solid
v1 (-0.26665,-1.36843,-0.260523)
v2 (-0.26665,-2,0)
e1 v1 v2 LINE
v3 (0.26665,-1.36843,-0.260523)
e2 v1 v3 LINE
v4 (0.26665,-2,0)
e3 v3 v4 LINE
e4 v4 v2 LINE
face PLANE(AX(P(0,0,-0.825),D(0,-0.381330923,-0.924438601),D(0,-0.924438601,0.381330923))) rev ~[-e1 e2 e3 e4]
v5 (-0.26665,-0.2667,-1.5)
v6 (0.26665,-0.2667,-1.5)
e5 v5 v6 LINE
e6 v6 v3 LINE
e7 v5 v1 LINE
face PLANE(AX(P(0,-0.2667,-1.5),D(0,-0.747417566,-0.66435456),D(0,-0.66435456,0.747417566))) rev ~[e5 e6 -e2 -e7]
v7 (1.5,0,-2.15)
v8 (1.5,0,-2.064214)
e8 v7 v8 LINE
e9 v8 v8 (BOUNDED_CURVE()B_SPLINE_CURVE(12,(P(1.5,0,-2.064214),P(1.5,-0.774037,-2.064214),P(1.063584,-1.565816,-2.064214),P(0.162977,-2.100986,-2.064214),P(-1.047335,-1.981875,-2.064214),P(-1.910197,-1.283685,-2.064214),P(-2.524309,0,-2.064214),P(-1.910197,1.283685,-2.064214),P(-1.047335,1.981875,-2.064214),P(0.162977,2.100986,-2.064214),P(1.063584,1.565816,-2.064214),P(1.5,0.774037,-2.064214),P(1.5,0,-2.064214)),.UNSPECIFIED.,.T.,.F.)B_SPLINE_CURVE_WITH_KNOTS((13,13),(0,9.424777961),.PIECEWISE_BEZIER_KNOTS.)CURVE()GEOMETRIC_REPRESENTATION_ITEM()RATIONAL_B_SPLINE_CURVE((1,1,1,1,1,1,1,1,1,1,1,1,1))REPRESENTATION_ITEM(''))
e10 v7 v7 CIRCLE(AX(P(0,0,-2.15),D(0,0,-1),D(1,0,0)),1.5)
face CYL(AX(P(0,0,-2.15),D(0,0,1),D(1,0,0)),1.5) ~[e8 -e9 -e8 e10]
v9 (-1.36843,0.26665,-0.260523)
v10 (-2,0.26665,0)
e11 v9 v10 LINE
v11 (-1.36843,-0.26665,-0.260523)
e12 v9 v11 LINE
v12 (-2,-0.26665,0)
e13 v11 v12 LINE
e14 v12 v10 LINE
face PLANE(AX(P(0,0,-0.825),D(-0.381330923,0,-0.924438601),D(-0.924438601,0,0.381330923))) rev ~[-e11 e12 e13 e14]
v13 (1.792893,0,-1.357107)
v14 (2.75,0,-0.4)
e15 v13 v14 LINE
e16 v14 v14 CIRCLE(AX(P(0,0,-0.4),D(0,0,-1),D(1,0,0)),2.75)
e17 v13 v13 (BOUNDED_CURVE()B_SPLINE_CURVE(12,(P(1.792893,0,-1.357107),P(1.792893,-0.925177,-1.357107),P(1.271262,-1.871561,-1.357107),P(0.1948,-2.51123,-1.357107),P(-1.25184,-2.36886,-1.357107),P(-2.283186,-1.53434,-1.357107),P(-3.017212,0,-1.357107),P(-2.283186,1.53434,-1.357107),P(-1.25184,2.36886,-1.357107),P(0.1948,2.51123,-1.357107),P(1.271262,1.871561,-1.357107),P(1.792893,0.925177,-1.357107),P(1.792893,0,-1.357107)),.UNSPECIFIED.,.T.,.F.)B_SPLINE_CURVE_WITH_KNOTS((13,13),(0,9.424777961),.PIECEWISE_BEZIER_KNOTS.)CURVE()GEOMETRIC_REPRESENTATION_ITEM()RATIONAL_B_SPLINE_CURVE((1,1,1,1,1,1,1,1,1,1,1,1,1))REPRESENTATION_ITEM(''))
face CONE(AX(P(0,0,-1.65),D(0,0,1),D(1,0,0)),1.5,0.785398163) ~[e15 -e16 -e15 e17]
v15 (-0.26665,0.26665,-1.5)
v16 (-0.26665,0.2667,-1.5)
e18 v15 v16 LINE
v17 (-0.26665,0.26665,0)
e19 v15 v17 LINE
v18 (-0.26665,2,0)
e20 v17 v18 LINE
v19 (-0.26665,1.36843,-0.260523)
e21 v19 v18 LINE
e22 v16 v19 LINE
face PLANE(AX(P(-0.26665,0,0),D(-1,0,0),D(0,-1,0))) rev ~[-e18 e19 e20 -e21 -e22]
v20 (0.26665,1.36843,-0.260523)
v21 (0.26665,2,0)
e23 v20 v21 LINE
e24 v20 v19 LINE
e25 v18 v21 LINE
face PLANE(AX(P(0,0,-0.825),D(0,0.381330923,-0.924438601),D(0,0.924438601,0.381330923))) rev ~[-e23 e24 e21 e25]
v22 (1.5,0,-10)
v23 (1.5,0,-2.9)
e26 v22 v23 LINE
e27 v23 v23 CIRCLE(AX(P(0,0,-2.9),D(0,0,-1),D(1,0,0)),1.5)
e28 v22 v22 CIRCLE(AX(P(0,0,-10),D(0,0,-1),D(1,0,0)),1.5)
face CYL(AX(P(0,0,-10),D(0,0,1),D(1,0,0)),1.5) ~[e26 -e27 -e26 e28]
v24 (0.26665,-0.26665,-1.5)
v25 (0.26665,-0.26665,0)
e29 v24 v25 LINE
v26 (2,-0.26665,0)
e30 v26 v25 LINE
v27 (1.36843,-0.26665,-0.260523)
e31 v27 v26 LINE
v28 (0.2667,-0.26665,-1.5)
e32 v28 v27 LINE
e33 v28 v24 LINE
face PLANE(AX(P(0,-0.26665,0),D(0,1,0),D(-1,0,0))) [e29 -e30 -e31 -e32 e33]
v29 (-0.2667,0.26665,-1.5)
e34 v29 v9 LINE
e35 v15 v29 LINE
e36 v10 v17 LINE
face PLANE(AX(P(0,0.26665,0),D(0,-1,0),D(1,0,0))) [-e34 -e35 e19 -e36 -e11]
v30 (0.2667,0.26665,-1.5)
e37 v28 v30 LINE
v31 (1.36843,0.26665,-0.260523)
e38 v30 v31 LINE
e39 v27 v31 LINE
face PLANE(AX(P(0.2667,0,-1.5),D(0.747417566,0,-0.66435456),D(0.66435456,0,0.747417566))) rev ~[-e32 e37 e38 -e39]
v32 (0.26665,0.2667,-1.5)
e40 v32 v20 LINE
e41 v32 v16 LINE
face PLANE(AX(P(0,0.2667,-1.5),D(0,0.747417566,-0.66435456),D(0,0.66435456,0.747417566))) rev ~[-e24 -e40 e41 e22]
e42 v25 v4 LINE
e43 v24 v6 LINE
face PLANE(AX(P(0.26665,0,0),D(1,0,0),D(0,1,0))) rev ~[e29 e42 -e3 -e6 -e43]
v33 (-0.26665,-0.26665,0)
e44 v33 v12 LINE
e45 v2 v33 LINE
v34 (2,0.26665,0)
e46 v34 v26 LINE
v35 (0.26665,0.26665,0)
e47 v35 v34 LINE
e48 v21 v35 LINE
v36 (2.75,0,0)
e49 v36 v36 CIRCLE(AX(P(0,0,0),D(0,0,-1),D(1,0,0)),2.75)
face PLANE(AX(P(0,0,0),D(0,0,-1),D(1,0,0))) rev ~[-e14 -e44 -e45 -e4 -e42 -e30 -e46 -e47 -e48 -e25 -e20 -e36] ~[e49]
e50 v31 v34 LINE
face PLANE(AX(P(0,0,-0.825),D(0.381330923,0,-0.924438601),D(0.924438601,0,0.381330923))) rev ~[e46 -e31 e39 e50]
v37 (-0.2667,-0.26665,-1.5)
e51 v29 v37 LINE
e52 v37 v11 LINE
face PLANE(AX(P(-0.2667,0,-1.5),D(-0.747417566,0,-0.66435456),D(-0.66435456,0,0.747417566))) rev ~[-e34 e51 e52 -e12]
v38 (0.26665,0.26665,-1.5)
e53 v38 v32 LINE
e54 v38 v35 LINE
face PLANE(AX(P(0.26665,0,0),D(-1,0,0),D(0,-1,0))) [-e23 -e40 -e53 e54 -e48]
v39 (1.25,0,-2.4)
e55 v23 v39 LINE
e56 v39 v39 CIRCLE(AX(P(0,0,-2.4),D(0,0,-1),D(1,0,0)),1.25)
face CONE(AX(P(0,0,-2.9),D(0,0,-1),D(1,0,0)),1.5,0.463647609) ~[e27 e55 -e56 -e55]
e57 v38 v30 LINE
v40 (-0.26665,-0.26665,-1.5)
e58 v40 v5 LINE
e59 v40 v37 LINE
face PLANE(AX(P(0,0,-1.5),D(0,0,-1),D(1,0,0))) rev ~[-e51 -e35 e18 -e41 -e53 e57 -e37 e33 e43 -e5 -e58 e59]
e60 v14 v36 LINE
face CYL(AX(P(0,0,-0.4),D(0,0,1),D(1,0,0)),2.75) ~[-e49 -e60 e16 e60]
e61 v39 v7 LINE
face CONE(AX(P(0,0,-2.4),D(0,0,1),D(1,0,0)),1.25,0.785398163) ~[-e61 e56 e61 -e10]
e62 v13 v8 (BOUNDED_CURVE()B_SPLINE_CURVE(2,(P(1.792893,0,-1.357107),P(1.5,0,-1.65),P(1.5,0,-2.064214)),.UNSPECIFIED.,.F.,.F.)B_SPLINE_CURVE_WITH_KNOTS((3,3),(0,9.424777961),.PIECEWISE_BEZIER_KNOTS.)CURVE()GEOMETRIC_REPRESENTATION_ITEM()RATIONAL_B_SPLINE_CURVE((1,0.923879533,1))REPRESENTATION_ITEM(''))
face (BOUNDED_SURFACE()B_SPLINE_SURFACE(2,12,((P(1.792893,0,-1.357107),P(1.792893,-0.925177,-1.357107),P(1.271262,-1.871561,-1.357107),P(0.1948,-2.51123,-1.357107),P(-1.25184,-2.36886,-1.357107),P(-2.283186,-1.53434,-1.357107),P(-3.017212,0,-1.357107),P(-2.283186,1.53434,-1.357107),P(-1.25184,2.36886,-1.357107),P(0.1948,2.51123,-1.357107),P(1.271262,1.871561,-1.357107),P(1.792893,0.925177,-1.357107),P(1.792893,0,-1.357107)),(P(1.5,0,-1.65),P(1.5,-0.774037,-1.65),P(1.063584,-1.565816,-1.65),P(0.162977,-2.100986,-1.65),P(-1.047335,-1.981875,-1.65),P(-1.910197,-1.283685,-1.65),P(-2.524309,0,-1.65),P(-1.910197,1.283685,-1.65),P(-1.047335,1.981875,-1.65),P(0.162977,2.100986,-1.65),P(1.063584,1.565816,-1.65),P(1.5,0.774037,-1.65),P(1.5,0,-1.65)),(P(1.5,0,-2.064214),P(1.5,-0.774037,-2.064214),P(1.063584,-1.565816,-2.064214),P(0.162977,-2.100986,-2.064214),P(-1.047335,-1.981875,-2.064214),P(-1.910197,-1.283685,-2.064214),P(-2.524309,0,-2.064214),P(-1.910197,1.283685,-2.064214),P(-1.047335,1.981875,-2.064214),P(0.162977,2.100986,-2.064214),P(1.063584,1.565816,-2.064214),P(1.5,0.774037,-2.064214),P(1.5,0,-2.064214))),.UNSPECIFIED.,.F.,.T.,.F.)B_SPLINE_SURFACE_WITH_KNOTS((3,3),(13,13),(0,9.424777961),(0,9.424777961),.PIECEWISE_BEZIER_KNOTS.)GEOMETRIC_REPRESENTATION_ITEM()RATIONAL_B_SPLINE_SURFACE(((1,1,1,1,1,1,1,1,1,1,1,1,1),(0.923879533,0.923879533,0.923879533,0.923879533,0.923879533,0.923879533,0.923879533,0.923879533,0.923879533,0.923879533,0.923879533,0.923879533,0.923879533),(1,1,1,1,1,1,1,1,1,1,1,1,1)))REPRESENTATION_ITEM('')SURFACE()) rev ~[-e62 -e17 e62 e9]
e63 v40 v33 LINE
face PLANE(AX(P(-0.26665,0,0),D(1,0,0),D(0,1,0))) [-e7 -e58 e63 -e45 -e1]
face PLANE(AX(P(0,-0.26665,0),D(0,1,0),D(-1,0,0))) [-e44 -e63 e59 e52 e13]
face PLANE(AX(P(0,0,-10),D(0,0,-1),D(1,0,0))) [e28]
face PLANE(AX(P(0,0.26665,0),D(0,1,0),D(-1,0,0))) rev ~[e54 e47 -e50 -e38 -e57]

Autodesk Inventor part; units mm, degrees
ref_plane "YZ Plane" through (0, 0, 0) normal (1, 0, 0) x (0, 1, 0)
sketch "Sketch1" plane through (0, 0, 0) normal (0, 1, 0) x (-1, 0, 0)
  point P0 (0, 0)
sketch "Sketch2" plane through (0, 0, 0) normal (0, 0, 1) x (1, 0, 0)
  point P0 (0, 0)
sketch "Sketch3" plane through (0, 0, 0) normal (0, 0, 1) x (1, 0, 0)
  point P0 (0, 0)
sketch "Sketch4" plane through (0, 0, 0) normal (0, 1, 0) x (-1, 0, 0)
  line L0 (-2.75, 0) -> (0, 0)
  line L1 (-2.75, -0.4) -> (-2.75, 0)
  line L2 (-1.5, -1.65) -> (-2.75, -0.4)
  line L3 (-1.5, -2.15) -> (-1.5, -1.65)
  line L4 (-1.25, -2.4) -> (-1.5, -2.15)
  line L5 (-1.5, -2.9) -> (-1.25, -2.4)
  line L6 (-1.5, -10) -> (-1.5, -2.9)
  line L7 (0, 0) -> (0, -10)
  line L8 (0, 3.3392) -> (0, -10.7) construction
  line L9 (0, 3.3392) -> (0, -10.7)
  line L10 (0, -13.5078) -> (0, 6.1471) projected
  line L11 (-1.5, -10) -> (0, -10)
  line L12 (0.55, 0) -> (-3.3, 0) projected
  dimension "d3" = 2.75
  dimension "d5" = 0.5
  dimension "d7" = 0.25
  dimension "d9" = 0.5
  dimension "d11" = 1.65
  dimension "d13" = 135
  dimension "d17" = 1.25
  dimension "d19" = 0
  dimension "d51" = 1.5
  dimension "d52" = 10
revolve "Revolution1" add sketch "Sketch4" angle 360 about axis through (0, 0, 3.3392) along (0, 0, -1)
sketch "Sketch5" plane through (0, 0, 0) normal (0, 1, 0) x (-1, 0, 0)
  line L0 (-1.6, 0) -> (0, 0)
  line L1 (-0.2667, -1.5) -> (-1.6, 0)
  line L2 (0, -1.5) -> (-0.2667, -1.5)
  line L3 (0, 0) -> (0, -1.5)
  line L4 (-1.5, -1.65) -> (1.5, -1.65) construction
  line L5 (-2.75, 0) -> (2.75, 0) projected
  line L6 (0, -1.98) -> (0, 0.33) projected
  dimension "d22" = 1.6
  dimension "d24" = 0.2667
  dimension "d26" = 1.5
extrude "Extrusion1" cut sketch "Sketch5" along normal mid plane 0.5333
pattern_circular "PolarArray1" count 4 over 360 about axis through (0, 0, 0) along (0, 0, 1) of "Extrusion1"
sketch "Sketch7" plane through (0, 0, 0) normal (0, 1, 0) x (-1, 0, 0)
  line L0 (0, -0.825) -> (-2, 0)
  line L1 (0, 0) -> (0, -0.825)
  line L2 (-2, 0) -> (0, 0)
  line L3 (-1.5, -1.65) -> (1.5, -1.65) construction
  line L4 (0, -1.98) -> (0, 0.33) projected
  line L5 (-2.75, 0) -> (2.75, 0) projected
  dimension "d33" = 2
  dimension "d35" = 0.825
extrude "Extrusion2" cut sketch "Sketch7" along normal mid plane 0.5333
pattern_circular "PolarArray2" count 4 over 360 about axis through (0, 0, 0) along (0, 0, 1) of "Extrusion2"
fillet "Fillet1" radius 1 1 edges at (-1.5, 0, -1.65)
thread "Thread1" size "M3x0.5" class "6g" standard "ISO Metric profile" full length
ref_plane "MSC_PF1" through (0, 0, 0) normal (1, 0, 0) x (0, 1, 0)
ref_plane "MSC_PT1" through (0, 0, 0) normal (0, 0, -1) x (-1, 0, 0)
equation "\"d3\" = 0.5 * Dh"
equation "\"d5\" = msp_x"
equation "\"d7\" = ParA"
equation "\"d9\" = msp_x"
equation "\"d11\" = ParK"
equation "\"d17\" = 0.5 * msp_mdtds"
equation "\"d51\" = 0.5 * NND"
equation "\"d52\" = NLG"
equation "\"d41\" = 2 * msp_x"
equation "\"d22\" = 0.5 * M"
equation "\"d24\" = 0.0833333 * M"
equation "\"d26\" = 0.909091 * ParK"
equation "\"d27\" = 0.166667 * M"
equation "\"d33\" = 0.625 * M"
equation "\"d35\" = 0.5 * ParK"
equation "\"d36\" = 0.166667 * M"
equation "\"PTC\" = 0.5"
equation "\"NLG\" = 10"
equation "\"ParK\" = 1.65"
equation "\"NND\" = 3"
equation "\"M\" = 3.2"
equation "\"msp_mdtds\" = NND - PTC"
equation "\"Dh\" = 5.5"
equation "\"msp_x\" = PTC"
equation "\"ParA\" = 0.5 * PTC"
equation "\"r\" = 0.8"
equation "\"THREADDIA\" = NND"
equation "\"TEMPLATE\" = 1.2345"
properties part number "DIN EN ISO 7046-2 H - M3x10 - 8.8 - H1" material "Steel"
